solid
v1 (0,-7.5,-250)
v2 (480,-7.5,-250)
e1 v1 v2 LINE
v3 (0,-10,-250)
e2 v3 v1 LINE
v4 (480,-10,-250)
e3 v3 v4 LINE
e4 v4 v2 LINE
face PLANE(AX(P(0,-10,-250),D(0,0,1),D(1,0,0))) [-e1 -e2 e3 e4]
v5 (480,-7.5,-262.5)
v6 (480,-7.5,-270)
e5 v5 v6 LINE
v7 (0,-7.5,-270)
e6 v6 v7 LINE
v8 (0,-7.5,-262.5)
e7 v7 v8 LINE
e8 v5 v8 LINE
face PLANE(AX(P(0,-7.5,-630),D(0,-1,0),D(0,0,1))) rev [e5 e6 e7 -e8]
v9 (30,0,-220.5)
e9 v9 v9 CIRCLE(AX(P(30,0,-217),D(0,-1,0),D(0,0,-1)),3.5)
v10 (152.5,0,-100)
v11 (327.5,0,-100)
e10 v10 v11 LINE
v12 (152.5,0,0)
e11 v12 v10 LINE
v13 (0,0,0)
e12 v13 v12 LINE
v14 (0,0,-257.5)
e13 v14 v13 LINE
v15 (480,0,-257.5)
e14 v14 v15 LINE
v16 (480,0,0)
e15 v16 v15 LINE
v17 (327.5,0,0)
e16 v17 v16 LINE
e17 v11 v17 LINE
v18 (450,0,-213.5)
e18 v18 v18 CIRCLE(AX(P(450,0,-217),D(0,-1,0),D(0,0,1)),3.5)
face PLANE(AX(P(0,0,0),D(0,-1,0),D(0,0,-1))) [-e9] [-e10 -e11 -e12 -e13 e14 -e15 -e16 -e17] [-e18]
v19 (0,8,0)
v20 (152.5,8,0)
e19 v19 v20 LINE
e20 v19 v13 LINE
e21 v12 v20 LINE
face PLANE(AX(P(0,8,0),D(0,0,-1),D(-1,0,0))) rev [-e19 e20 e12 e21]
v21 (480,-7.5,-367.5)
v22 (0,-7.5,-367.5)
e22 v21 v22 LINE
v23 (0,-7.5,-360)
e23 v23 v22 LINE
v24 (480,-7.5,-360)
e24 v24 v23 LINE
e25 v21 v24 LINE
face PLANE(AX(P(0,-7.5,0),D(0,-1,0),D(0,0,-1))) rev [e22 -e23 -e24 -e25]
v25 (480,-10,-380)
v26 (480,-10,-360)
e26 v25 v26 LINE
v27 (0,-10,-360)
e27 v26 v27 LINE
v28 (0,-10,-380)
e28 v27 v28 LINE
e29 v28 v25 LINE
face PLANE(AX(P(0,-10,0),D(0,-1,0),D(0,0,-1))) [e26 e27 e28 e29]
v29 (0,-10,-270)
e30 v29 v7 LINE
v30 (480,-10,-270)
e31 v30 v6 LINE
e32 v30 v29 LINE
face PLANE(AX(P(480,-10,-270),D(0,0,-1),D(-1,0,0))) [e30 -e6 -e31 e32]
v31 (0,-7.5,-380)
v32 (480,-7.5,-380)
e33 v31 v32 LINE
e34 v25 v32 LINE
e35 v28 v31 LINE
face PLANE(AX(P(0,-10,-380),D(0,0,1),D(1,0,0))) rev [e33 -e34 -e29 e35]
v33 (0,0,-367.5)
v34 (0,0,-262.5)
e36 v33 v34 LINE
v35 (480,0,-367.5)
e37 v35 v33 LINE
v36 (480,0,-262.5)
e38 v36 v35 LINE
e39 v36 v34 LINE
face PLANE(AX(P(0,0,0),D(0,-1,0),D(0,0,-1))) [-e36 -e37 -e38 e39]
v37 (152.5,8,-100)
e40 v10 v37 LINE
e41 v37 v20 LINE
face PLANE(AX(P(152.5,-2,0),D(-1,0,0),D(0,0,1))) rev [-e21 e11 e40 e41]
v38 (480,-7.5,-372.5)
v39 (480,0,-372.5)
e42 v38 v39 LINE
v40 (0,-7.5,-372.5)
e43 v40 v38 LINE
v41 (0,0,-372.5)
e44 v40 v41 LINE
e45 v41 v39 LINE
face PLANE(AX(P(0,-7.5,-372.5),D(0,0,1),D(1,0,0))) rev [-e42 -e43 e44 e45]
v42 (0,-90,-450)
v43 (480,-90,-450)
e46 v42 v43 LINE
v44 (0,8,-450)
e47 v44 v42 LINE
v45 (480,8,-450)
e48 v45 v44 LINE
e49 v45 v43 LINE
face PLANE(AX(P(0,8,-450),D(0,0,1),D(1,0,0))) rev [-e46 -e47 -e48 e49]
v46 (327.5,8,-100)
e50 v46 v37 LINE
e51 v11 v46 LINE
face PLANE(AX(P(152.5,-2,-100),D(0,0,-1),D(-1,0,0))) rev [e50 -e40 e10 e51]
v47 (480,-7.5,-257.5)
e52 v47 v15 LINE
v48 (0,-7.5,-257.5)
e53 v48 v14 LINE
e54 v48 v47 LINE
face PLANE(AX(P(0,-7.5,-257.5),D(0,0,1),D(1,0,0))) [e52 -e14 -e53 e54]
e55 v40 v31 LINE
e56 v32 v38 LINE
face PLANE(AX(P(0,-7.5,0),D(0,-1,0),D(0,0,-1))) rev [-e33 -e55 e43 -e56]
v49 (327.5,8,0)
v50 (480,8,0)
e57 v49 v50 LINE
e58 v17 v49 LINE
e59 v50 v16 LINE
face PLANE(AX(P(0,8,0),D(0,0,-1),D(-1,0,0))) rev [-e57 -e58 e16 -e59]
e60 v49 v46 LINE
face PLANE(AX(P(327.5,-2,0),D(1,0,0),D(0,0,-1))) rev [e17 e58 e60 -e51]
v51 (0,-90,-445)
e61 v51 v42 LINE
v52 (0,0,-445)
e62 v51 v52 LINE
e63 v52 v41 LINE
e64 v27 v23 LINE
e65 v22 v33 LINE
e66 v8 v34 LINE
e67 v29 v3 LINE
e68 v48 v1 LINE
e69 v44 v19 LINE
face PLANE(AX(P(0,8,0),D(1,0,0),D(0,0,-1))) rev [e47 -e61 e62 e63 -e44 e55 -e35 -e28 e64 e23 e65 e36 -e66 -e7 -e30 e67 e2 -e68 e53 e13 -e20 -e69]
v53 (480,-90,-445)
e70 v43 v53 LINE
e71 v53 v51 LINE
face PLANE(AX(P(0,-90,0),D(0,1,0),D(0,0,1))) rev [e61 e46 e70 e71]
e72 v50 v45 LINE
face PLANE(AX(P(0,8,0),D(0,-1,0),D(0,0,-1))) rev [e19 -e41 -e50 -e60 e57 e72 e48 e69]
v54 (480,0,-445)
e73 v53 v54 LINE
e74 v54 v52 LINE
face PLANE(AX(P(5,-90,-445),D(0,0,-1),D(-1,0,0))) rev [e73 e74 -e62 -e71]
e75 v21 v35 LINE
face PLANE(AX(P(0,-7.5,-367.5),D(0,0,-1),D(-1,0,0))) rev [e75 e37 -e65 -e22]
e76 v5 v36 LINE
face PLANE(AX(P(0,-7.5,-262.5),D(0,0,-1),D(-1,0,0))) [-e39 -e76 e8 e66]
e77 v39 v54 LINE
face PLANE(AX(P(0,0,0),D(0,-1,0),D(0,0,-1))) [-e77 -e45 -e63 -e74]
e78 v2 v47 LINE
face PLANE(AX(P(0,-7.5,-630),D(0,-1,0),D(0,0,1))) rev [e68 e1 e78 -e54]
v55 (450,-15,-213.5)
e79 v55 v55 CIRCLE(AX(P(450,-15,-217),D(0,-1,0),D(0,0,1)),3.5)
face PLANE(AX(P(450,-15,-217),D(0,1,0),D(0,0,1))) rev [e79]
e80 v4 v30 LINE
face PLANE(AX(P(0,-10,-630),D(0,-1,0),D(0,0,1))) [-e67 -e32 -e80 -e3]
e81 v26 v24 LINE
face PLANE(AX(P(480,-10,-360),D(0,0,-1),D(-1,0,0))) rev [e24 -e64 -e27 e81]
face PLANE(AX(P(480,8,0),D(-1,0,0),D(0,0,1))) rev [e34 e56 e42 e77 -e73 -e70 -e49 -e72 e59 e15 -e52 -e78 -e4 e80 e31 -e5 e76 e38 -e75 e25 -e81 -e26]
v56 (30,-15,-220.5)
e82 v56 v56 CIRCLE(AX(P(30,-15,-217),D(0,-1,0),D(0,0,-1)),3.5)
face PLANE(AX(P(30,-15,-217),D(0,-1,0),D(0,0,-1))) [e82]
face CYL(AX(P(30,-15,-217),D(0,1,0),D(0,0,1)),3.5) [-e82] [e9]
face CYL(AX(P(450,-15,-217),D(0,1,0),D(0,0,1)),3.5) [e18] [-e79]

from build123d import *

# Parameters (mm, degrees)
SKETCH1_W           = 480
SKETCH1_H           = 450
BOSS_EXTRUDE1_DEPTH = 8
SKETCH2_W           = 175
SKETCH2_H           = 100
CUT_EXTRUDE1_DEPTH  = 10
SKETCH4_R           = 3.5
BOSS_EXTRUDE3_DEPTH = 15
BOSS_EXTRUDE4_DEPTH = 90
SKETCH9_W           = 480
SKETCH9_H           = 5
BOSS_EXTRUDE6_DEPTH = 7.5
SKETCH10_W          = 480
SKETCH10_H          = 20
BOSS_EXTRUDE7_DEPTH = 2.5


with BuildPart() as part:
    # Sketch1 → Boss-Extrude1 (new body)
    with BuildSketch(Plane(origin=(0, 0, 0), x_dir=(1, 0, 0), z_dir=(0, 1, 0))):
        with Locations((240, 225)):
            Rectangle(SKETCH1_W, SKETCH1_H)
    extrude(amount=BOSS_EXTRUDE1_DEPTH)

    # Sketch2 → Cut-Extrude1 (cut)
    with BuildSketch(Plane(origin=(0, 8, 0), x_dir=(1, 0, 0), z_dir=(0, 1, 0))):
        with Locations((240, 50)):
            Rectangle(SKETCH2_W, SKETCH2_H)
    extrude(amount=-CUT_EXTRUDE1_DEPTH, mode=Mode.SUBTRACT)

    # Sketch4 → Boss-Extrude3 (add)
    with BuildSketch(Plane.XZ):
        with Locations((30, -217)):
            Circle(SKETCH4_R)
        with Locations((450, -217)):
            Circle(SKETCH4_R)
    extrude(amount=BOSS_EXTRUDE3_DEPTH)

    # Sketch5 → Boss-Extrude4 (add)
    with BuildSketch(Plane.XZ):
        Polygon((5, -445), (0, -445), (0, -450), (480, -450), (480, -445), (475, -445), align=None)
    extrude(amount=BOSS_EXTRUDE4_DEPTH)

    # Sketch9 → Boss-Extrude6 (add)
    with BuildSketch(Plane.XZ):
        with Locations((240, -370)):
            Rectangle(SKETCH9_W, SKETCH9_H)
    boss_extrude6 = extrude(amount=BOSS_EXTRUDE6_DEPTH)

    # Sketch10 → Boss-Extrude7 (add)
    with BuildSketch(Plane.XZ.offset(7.5)):
        with Locations((240, -370)):
            Rectangle(SKETCH10_W, SKETCH10_H)
    boss_extrude7 = extrude(amount=BOSS_EXTRUDE7_DEPTH)

    # Mirror9: Boss-Extrude6, Boss-Extrude7 across plane
    add(boss_extrude6.mirror(Plane.XY.offset(-315)))
    add(boss_extrude7.mirror(Plane.XY.offset(-315)))


solid = part.part
